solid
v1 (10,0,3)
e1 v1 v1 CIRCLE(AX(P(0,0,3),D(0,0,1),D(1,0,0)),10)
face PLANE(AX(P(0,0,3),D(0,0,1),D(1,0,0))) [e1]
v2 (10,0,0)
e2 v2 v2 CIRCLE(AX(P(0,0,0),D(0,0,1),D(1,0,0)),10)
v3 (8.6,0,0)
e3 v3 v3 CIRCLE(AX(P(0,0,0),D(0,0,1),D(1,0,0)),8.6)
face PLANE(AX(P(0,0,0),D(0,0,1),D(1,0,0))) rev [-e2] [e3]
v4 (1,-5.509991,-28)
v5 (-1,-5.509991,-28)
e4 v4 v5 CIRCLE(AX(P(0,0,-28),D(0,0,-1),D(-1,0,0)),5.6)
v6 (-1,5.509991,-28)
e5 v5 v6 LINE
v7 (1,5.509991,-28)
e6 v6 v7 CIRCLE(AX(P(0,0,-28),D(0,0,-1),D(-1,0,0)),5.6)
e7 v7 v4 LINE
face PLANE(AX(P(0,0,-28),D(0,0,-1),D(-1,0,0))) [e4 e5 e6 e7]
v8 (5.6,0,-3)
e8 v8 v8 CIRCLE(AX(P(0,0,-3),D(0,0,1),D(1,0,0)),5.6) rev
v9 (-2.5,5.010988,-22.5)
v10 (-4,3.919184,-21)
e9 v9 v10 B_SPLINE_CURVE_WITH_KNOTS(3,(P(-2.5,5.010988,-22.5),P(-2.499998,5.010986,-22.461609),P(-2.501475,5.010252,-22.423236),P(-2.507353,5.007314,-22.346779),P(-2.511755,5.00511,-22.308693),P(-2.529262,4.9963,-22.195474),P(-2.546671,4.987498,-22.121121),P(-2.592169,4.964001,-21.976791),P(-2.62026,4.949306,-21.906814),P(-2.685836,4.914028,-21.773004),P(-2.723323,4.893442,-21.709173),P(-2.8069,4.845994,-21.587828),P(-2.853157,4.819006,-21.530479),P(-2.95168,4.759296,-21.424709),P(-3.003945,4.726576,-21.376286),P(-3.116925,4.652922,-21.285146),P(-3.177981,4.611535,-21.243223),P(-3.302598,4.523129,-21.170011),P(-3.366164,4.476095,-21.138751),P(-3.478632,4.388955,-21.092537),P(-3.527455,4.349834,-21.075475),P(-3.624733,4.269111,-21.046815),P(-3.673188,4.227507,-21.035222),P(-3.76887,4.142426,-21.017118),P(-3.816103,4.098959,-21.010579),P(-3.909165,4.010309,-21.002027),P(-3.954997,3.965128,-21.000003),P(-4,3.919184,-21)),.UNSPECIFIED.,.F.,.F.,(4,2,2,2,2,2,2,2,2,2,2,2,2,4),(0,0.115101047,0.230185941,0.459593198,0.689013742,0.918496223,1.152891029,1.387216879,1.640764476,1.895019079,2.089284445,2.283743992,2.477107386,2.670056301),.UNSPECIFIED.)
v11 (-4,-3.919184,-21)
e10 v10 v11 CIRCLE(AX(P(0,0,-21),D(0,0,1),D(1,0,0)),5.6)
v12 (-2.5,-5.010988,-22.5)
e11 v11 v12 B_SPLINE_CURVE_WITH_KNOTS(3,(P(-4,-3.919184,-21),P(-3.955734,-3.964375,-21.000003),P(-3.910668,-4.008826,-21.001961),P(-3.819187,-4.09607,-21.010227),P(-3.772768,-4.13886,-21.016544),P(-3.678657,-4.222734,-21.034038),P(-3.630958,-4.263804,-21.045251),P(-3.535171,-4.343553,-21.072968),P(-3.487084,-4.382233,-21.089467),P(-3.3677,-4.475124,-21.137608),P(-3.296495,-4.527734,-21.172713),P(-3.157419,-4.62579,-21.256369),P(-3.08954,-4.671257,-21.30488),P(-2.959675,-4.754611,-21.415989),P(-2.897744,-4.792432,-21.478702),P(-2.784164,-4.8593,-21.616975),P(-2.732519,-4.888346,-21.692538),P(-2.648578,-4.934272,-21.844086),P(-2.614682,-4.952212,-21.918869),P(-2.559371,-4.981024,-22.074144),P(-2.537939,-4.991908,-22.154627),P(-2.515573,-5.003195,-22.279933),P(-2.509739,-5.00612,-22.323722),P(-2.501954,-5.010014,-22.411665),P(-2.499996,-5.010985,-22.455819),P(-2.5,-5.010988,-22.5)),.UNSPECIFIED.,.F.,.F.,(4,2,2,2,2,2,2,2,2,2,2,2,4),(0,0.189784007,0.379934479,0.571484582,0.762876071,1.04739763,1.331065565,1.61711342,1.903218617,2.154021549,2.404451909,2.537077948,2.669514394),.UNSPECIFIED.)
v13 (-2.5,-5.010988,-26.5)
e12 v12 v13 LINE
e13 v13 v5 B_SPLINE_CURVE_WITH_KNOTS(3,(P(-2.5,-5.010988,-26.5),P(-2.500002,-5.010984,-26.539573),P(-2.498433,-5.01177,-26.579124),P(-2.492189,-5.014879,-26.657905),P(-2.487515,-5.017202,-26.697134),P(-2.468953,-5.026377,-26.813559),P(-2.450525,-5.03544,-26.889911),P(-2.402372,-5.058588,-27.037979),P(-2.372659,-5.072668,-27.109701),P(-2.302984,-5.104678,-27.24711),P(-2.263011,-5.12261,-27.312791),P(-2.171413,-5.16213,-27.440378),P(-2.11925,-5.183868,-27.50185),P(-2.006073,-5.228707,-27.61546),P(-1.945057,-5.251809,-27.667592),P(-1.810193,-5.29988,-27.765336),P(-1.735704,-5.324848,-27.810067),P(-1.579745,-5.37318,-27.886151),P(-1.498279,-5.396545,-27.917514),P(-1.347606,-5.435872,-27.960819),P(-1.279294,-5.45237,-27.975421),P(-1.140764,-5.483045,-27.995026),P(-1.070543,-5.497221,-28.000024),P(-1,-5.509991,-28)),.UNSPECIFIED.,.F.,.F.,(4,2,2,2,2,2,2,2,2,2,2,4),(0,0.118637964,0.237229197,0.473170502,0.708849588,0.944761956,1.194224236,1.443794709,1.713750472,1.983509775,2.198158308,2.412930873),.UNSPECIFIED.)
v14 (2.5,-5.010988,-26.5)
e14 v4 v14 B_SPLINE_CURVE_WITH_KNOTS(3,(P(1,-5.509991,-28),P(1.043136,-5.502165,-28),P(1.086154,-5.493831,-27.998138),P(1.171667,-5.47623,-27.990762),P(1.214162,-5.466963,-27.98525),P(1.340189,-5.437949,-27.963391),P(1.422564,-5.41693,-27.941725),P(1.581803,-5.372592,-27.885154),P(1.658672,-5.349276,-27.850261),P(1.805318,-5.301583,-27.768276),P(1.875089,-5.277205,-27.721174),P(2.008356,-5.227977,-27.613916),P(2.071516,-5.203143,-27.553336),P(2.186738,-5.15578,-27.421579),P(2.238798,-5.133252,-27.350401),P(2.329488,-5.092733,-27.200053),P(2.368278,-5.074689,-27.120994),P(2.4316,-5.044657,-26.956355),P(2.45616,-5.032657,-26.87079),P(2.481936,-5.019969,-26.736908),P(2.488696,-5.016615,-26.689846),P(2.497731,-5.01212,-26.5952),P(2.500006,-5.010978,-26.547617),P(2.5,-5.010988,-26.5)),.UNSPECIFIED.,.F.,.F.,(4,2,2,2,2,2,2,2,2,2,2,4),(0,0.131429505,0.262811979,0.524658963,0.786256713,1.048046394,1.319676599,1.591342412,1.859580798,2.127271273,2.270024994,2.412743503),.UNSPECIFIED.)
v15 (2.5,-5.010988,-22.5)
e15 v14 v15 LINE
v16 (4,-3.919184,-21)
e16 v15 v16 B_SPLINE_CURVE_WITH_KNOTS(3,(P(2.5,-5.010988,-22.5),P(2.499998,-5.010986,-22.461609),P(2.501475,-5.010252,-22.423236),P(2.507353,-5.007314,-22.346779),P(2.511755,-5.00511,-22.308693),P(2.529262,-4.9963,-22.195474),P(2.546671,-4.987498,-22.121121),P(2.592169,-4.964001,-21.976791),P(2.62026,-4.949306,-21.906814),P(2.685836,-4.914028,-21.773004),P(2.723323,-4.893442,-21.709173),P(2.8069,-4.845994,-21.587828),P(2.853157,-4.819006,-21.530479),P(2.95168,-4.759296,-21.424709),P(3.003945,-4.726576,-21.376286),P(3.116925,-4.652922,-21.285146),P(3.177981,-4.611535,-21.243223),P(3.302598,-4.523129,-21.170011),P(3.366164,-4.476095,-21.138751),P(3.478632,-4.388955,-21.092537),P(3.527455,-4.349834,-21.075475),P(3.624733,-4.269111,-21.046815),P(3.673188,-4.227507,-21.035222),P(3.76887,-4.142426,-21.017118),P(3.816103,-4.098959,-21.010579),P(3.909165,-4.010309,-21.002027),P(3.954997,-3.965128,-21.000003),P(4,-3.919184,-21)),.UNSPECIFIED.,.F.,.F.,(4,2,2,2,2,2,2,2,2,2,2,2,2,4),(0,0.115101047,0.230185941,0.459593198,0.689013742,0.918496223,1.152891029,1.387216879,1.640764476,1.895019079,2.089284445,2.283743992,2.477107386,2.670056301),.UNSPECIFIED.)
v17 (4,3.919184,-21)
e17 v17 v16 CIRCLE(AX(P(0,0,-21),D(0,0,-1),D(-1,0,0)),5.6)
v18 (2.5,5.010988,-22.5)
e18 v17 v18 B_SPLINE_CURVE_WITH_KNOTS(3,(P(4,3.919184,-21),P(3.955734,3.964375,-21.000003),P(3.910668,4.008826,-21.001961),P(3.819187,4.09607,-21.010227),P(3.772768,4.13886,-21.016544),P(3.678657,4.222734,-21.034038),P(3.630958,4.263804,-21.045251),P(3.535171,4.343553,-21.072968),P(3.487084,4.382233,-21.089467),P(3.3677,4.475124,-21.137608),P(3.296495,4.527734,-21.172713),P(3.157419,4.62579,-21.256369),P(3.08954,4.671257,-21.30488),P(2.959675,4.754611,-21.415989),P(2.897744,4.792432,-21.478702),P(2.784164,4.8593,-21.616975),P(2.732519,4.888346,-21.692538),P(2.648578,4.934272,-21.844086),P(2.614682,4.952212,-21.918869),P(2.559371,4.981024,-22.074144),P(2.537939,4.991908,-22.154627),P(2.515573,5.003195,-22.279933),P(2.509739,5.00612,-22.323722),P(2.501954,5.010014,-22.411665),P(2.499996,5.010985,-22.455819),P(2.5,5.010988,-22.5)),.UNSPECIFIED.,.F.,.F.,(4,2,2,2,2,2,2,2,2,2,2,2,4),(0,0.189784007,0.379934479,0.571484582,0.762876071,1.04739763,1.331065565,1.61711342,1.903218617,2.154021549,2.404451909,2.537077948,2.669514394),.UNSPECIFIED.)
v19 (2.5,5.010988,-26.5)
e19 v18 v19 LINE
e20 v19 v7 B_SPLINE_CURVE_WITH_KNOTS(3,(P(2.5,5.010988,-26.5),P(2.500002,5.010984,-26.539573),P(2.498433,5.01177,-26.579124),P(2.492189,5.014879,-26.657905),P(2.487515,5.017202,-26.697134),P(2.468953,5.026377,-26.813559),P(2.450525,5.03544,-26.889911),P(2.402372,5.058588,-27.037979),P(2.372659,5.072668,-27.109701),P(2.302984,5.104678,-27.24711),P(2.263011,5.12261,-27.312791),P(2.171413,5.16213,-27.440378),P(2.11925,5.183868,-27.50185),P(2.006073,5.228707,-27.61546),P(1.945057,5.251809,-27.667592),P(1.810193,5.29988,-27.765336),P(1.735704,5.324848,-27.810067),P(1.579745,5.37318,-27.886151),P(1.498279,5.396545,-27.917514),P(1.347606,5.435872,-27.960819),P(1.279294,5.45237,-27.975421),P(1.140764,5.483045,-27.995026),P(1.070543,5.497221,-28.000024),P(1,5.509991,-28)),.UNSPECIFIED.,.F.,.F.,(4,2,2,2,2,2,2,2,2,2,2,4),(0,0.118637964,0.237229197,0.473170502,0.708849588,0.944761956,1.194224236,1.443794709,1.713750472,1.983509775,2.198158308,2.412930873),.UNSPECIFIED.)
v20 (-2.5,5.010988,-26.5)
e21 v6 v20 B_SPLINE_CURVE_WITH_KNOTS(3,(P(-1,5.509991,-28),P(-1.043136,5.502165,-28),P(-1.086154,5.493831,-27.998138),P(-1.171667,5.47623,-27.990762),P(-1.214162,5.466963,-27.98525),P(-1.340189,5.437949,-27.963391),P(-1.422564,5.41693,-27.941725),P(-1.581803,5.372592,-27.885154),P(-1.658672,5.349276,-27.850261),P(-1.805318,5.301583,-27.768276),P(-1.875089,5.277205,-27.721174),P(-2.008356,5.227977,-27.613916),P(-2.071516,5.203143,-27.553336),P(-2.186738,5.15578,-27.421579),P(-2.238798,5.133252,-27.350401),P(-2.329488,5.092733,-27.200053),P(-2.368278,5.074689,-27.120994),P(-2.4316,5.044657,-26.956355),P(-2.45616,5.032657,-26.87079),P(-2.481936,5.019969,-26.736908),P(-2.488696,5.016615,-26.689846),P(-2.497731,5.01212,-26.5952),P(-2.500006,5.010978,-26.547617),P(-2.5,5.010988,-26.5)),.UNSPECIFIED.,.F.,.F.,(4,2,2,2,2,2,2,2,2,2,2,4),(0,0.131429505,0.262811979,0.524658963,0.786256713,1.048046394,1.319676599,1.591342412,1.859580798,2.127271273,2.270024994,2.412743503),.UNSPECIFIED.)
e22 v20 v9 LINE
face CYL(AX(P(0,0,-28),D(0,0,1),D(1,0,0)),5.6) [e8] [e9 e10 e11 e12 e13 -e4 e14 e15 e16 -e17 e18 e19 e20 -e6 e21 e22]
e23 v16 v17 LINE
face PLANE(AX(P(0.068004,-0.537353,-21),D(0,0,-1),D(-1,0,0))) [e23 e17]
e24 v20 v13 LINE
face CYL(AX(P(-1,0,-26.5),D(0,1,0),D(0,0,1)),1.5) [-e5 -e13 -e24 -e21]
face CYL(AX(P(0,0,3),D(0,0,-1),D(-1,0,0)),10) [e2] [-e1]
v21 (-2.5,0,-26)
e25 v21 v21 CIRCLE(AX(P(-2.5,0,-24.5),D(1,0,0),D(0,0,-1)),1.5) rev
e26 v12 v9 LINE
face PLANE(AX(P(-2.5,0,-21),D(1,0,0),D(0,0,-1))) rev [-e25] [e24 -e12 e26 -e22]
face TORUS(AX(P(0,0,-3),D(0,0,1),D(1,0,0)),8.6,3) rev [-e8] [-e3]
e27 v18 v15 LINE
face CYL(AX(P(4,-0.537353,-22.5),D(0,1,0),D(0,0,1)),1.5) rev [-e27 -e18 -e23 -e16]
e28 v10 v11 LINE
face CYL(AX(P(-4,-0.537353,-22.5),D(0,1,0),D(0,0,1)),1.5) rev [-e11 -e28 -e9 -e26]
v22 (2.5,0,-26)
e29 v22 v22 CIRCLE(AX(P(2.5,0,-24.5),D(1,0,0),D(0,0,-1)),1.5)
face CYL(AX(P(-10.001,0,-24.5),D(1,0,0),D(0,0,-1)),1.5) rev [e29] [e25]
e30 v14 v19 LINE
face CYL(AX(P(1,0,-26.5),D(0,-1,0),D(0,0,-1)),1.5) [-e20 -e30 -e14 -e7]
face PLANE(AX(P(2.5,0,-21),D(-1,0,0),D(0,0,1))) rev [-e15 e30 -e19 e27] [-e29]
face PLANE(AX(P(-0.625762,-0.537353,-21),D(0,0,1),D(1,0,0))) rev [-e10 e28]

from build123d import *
from OCP.BRepFilletAPI import BRepFilletAPI_MakeFillet

# Parameters (mm, degrees)
SKETCH1_R           = 10
BOSS_EXTRUDE1_DEPTH = 3
SKETCH2_R           = 5.6
BOSS_EXTRUDE2_DEPTH = 28
CUT_EXTRUDE1_DEPTH  = 7
CUT_EXTRUDE2_REACH  = 34.253
SKETCH4_R           = 1.5
FILLET1_R1          = 3
FILLET1_R2          = 1.5


with BuildPart() as part:
    # Sketch1 → Boss-Extrude1 (new body)
    with BuildSketch(Plane.XY):
        Circle(SKETCH1_R)
    extrude(amount=BOSS_EXTRUDE1_DEPTH)

    # Sketch2 → Boss-Extrude2 (add)
    with BuildSketch(Plane(origin=(0, 0, 0), x_dir=(-1, 0, 0), z_dir=(0, 0, -1))):
        Circle(SKETCH2_R)
    extrude(amount=BOSS_EXTRUDE2_DEPTH)

    # Sketch3 → Cut-Extrude1 (cut)
    with BuildSketch(Plane(origin=(0, 0, -28), x_dir=(-1, 0, 0), z_dir=(0, 0, -1))):
        with BuildLine():
            Line((2.5, 0), (2.5, 6.663171691))
            ThreePointArc((2.5, 6.663171691), (8.066213365, -0.537352556), (2.5, -7.737876802))
            Line((2.5, -7.737876802), (2.5, 0))
        make_face()
        with BuildLine():
            Line((-2.5, 0), (-2.5, 6.663171691))
            ThreePointArc((-2.5, 6.663171691), (-7.668145551, -0.537352556), (-2.5, -7.737876802))
            Line((-2.5, -7.737876802), (-2.5, 0))
        make_face()
    extrude(amount=-CUT_EXTRUDE1_DEPTH, mode=Mode.SUBTRACT)

    # Sketch4 → Cut-Extrude2 (cut, up to next)
    with BuildSketch(Plane(origin=(2.5, 0, 0), x_dir=(0, 0, -1), z_dir=(1, 0, 0)), mode=Mode.PRIVATE) as cut_extrude2_sk1:
        with Locations((24.5, 0)):
            Circle(SKETCH4_R)
    cut_extrude2_tool1 = extrude(cut_extrude2_sk1.sketch, amount=-CUT_EXTRUDE2_REACH, mode=Mode.PRIVATE) & part.part
    add(cut_extrude2_tool1.solids().sort_by_distance((2.5, 0, -24.5))[0], mode=Mode.SUBTRACT)

    # Fillet1: one fillet with a radius per group of edges: ONE call of the kernel's fillet builder (fillet() takes one radius for all edges)
    fillet1_edges_1 = [part.edges().sort_by_distance(p)[0] for p in [
        (5.6, 0, 0),
    ]]
    fillet1_edges_2 = [part.edges().sort_by_distance(p)[0] for p in [
        (2.5, 0, -21),
        (-2.5, 0, -21),
        (2.5, 0, -28),
        (-2.5, 0, -28),
    ]]
    fillet1 = BRepFilletAPI_MakeFillet(part.part.solid().wrapped)
    for e in fillet1_edges_1:
        fillet1.Add(FILLET1_R1, e.wrapped)
    for e in fillet1_edges_2:
        fillet1.Add(FILLET1_R2, e.wrapped)
    add(Compound.cast(fillet1.Shape()), mode=Mode.REPLACE)


solid = part.part
